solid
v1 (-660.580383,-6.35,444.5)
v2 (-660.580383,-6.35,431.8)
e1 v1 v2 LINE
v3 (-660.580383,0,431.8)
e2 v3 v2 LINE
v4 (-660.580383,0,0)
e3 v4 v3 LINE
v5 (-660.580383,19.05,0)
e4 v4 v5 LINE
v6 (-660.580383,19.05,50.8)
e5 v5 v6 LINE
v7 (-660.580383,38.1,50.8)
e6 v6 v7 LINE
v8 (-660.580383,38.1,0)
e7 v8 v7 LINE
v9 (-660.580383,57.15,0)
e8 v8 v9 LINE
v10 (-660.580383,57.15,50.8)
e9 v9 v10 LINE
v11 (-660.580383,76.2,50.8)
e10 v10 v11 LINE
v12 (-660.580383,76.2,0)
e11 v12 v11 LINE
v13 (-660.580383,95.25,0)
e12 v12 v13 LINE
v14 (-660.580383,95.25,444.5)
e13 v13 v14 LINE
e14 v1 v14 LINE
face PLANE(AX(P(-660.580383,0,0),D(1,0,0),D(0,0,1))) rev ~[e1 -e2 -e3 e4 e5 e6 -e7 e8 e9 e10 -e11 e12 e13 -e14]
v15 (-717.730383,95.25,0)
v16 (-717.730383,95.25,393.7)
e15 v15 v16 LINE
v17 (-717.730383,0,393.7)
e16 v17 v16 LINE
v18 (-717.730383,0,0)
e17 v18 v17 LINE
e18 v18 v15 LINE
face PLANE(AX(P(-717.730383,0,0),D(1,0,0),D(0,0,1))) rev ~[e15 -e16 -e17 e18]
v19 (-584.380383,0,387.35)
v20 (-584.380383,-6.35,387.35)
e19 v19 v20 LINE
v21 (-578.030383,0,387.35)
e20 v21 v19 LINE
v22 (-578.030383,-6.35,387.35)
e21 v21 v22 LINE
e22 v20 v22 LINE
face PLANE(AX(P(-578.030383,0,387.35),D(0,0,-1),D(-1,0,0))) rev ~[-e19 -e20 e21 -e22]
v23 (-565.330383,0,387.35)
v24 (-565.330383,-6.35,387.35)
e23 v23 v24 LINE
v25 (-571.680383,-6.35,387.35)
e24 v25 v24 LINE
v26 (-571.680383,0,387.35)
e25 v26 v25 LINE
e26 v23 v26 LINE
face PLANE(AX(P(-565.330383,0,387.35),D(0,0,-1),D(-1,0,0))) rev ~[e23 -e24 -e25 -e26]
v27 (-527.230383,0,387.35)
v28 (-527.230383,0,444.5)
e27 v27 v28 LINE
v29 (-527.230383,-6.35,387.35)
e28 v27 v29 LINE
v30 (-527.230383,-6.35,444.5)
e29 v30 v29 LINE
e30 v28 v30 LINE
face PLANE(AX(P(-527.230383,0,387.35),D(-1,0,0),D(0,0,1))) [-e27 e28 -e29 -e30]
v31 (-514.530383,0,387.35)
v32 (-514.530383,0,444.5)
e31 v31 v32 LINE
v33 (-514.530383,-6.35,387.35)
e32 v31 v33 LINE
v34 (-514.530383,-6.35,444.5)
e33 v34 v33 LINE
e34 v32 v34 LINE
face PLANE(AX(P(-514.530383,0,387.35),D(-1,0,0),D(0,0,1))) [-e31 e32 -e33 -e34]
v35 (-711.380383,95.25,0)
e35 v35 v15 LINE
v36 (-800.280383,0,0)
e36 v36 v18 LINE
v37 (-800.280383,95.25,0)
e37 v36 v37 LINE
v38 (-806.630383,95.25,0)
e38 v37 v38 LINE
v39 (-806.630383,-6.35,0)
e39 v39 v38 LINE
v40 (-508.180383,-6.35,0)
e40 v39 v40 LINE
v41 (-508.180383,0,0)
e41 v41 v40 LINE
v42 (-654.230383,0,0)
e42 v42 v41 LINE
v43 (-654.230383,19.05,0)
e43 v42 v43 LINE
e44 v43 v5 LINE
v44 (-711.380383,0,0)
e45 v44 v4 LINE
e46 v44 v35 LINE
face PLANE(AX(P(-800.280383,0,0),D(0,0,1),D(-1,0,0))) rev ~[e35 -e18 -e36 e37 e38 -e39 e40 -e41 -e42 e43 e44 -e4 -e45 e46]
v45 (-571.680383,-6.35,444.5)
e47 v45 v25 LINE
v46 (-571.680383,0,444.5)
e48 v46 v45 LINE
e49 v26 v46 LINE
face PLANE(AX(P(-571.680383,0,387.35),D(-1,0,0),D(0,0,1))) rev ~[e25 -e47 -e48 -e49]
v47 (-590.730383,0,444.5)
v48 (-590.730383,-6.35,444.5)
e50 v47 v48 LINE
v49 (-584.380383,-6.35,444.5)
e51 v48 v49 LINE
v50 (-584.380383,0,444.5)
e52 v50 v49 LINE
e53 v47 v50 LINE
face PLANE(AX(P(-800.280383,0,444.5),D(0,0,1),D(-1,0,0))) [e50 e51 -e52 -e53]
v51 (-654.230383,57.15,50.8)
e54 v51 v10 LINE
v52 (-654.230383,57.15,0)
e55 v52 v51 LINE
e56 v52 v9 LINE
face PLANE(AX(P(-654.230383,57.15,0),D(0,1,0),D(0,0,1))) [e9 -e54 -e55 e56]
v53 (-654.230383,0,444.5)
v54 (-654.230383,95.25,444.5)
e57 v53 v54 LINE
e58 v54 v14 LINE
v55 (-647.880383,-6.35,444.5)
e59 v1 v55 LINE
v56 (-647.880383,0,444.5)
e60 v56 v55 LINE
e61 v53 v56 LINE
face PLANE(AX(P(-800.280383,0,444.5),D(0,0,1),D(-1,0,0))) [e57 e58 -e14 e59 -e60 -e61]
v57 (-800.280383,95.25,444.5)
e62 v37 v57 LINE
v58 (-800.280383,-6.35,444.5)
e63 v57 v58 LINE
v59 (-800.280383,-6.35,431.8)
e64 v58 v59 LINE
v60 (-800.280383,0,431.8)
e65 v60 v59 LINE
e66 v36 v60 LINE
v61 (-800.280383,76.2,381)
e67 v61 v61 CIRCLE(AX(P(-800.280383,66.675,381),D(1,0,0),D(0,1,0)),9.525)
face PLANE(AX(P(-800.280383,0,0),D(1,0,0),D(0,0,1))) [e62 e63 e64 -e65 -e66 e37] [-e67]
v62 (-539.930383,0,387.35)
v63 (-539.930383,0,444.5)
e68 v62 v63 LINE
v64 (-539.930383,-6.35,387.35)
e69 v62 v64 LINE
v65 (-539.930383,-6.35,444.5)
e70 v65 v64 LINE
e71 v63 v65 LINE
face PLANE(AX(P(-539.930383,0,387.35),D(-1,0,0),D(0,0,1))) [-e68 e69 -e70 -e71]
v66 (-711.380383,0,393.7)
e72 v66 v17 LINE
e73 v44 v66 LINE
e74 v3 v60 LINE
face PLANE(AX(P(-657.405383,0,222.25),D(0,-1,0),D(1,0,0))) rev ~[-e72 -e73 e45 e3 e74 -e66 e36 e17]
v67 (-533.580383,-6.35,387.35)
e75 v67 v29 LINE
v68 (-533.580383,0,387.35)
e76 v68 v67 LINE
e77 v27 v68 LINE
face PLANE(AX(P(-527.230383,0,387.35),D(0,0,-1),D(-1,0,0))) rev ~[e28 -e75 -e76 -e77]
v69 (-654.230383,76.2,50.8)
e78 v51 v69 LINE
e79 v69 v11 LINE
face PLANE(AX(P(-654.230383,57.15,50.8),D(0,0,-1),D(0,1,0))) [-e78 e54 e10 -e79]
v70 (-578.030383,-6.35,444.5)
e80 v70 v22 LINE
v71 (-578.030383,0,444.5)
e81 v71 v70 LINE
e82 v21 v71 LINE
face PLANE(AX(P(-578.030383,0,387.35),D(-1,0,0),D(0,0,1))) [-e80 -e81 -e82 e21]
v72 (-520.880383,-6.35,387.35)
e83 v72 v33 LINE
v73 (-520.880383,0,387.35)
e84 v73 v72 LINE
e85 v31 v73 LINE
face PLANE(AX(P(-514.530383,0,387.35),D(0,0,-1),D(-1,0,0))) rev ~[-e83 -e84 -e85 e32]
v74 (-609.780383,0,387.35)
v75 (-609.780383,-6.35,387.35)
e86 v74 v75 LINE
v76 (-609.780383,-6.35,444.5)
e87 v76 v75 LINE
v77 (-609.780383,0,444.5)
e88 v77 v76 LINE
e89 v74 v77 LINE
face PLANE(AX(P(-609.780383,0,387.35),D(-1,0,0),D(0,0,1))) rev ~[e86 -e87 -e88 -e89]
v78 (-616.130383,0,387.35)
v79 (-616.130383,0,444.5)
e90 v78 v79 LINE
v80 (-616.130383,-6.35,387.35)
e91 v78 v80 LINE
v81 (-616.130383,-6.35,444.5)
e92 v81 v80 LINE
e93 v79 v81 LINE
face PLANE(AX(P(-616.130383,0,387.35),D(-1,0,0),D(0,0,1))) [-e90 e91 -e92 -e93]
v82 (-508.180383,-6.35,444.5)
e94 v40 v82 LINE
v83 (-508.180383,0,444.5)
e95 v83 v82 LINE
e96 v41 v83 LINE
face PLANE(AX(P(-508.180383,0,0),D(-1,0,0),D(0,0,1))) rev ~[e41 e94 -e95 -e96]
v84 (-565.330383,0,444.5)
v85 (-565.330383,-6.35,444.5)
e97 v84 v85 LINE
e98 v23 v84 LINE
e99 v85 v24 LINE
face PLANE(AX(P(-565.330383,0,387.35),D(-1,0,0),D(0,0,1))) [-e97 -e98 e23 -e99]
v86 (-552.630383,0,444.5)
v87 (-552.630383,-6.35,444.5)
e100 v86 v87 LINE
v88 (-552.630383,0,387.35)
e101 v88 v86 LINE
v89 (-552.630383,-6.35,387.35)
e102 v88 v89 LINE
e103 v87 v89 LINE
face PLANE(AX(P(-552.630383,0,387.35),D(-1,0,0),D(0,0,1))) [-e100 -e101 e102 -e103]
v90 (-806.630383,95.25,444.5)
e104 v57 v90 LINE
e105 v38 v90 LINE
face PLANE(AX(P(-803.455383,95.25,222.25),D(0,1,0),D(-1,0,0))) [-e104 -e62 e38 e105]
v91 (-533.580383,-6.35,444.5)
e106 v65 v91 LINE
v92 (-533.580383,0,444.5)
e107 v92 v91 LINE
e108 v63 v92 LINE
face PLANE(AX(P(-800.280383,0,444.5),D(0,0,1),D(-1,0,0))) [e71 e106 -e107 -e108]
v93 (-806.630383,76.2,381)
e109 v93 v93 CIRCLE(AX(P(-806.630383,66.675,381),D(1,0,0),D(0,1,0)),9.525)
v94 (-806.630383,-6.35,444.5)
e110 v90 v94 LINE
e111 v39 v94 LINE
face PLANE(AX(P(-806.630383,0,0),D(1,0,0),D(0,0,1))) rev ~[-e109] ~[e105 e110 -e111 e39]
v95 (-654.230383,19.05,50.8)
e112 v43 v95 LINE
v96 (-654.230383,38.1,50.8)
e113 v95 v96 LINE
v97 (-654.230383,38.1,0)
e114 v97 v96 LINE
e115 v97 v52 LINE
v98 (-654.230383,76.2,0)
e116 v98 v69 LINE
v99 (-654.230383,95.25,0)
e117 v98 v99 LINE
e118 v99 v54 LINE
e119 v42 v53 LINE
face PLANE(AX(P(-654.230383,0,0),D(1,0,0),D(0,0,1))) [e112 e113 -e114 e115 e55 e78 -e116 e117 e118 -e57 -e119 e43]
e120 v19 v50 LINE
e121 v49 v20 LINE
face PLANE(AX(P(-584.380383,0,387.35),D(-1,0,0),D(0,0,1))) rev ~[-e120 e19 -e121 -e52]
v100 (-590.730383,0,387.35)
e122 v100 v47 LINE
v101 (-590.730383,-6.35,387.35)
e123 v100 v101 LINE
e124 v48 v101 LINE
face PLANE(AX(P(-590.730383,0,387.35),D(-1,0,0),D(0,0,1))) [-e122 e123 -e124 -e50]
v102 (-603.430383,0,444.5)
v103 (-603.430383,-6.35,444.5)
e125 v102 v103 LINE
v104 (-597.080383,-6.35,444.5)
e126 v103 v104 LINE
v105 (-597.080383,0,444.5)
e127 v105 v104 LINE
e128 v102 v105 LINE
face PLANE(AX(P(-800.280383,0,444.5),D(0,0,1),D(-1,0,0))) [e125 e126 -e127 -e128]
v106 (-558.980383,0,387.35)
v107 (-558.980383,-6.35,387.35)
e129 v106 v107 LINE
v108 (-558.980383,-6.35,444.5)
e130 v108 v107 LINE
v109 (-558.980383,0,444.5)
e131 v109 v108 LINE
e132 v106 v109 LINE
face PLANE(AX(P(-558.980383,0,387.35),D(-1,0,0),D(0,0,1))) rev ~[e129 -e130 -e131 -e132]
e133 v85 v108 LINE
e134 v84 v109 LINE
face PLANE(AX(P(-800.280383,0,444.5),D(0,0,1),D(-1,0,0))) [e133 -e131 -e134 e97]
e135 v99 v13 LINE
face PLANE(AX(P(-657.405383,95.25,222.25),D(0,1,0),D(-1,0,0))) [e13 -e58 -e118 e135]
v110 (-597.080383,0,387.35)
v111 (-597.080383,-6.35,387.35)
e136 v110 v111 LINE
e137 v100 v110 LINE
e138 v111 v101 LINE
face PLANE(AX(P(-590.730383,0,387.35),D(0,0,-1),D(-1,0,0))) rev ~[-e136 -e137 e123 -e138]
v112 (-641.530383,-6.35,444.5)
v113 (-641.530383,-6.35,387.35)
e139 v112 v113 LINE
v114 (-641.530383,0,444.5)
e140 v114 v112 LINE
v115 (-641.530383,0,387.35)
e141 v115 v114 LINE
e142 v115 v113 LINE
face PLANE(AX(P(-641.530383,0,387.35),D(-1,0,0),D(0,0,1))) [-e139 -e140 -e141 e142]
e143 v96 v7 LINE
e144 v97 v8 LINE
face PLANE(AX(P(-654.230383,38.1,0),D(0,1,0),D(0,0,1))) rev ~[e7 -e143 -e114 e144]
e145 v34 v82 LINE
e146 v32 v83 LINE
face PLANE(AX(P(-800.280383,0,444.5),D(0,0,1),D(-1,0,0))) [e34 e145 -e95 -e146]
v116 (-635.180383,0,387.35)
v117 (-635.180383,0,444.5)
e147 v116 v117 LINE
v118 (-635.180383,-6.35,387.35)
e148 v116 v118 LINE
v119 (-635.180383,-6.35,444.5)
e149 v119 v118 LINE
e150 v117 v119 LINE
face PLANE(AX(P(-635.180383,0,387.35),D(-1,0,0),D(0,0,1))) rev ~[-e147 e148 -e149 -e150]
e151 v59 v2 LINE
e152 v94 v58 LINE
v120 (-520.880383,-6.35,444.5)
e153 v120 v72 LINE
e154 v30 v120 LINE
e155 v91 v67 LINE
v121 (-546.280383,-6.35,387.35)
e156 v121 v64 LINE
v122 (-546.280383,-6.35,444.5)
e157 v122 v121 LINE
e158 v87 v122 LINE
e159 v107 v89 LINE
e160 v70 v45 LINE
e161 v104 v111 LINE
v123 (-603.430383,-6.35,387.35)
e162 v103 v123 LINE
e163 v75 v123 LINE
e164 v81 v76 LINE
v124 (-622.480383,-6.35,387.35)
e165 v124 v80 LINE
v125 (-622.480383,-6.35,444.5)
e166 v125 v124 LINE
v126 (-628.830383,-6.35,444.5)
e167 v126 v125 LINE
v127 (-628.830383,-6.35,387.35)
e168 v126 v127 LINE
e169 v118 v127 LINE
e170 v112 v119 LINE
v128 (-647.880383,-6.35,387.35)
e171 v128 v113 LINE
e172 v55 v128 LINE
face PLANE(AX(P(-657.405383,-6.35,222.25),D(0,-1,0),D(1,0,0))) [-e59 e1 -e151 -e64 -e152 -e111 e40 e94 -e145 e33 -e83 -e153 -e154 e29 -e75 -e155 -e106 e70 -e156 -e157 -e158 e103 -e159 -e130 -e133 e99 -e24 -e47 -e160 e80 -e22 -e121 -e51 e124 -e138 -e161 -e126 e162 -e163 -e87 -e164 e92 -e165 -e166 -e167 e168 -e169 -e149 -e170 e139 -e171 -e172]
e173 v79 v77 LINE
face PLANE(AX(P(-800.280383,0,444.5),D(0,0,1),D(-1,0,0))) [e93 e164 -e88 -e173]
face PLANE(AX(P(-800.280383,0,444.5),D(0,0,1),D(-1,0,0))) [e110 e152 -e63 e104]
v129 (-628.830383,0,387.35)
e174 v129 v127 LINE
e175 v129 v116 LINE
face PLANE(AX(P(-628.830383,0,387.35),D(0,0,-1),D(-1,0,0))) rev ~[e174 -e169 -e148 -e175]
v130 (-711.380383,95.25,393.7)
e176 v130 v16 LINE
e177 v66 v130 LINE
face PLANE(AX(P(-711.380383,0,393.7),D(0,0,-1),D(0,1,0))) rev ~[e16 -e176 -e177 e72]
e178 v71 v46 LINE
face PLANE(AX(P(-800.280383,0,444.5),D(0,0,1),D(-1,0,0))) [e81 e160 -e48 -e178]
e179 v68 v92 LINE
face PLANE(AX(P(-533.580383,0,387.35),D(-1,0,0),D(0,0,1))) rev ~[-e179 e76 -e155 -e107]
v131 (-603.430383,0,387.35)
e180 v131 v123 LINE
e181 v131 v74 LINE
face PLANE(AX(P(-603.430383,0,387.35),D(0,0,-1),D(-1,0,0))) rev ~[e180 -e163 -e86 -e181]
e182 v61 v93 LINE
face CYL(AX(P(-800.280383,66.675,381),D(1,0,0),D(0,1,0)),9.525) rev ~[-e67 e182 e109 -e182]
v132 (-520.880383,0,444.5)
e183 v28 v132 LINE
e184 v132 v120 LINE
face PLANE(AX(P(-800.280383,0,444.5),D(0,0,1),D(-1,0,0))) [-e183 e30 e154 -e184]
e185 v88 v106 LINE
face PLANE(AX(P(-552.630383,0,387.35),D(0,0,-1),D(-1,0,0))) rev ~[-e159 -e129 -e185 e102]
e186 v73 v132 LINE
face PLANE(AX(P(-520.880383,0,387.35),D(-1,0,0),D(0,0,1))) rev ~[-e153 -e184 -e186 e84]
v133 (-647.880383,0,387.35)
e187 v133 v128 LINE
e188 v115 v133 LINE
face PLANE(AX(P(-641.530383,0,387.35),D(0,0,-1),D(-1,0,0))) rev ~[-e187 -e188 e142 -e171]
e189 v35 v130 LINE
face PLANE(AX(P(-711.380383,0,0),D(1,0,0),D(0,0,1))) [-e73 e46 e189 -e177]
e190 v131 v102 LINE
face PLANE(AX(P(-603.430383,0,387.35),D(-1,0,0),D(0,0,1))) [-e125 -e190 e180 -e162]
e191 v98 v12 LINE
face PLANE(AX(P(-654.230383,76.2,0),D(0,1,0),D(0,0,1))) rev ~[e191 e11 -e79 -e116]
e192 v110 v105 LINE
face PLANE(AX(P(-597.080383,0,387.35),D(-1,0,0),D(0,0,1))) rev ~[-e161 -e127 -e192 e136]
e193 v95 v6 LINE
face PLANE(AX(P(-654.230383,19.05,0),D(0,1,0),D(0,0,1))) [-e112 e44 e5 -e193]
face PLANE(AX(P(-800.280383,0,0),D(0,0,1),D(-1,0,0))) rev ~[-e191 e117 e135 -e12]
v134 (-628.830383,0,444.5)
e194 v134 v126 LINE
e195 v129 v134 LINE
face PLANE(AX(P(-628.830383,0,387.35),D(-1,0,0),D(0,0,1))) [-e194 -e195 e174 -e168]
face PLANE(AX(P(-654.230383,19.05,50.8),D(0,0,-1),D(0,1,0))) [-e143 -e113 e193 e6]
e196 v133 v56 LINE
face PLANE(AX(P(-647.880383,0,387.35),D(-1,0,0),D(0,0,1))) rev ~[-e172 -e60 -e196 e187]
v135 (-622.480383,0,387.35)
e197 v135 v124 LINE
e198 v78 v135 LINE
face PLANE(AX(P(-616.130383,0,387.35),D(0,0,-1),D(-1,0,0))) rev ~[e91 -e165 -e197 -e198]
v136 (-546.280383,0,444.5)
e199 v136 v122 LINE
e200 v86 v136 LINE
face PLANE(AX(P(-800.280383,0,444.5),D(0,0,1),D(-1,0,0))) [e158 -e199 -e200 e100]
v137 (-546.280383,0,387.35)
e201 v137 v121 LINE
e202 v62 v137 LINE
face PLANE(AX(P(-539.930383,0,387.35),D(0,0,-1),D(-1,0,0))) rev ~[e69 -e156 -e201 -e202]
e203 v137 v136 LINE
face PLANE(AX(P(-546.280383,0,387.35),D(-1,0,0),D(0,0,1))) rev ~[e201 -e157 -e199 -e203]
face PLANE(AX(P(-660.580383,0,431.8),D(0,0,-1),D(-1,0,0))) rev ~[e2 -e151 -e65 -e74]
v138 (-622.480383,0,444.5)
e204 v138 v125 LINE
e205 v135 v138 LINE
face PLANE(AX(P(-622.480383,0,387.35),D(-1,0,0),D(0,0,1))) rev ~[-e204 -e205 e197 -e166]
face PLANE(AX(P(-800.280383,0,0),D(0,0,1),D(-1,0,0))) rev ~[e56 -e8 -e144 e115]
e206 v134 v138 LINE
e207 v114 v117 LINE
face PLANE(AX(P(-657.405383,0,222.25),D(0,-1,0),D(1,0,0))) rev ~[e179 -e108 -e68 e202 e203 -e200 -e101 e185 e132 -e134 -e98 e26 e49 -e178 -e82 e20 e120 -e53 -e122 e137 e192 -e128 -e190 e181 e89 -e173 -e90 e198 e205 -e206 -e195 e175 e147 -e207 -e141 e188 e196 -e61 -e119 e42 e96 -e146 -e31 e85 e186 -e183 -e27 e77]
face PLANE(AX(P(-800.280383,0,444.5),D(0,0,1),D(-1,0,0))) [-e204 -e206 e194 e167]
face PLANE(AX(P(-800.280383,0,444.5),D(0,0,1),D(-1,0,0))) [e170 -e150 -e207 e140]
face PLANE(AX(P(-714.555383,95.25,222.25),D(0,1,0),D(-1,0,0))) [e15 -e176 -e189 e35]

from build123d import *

# Parameters (mm, degrees)
F0_W      = 298.45
F0_H      = 444.5
F1_DEPTH  = 6.35
F2_W      = 6.35
F2_H      = 444.5
F3_DEPTH  = 95.25
F4_W      = 6.35
F4_H      = 57.15
F5_DEPTH  = 6.351
F6_W      = 6.35
F6_H      = 444.5
F7_DEPTH  = 95.25
F8_W      = 19.05
F8_H      = 50.8
F9_W      = 95.25
F9_H      = 50.8
F10_DEPTH = 25.4
F11_W     = 139.7
F11_H     = 12.7
F12_DEPTH = 25.4
F13_R     = 9.525
F14_DEPTH = 25.4


with BuildPart() as f1:
    # F0 (on Front) → F1 (new body)
    with BuildSketch(Plane.XZ):
        with Locations((-657.405383, 222.25)):
            Rectangle(F0_W, F0_H)
    extrude(amount=F1_DEPTH)

    # F2 (on face) → F3 (join)
    with BuildSketch(Plane(origin=(0, 0, 0), x_dir=(-1, 0, 0), z_dir=(0, 1, 0))):
        with Locations((803.455383, 222.25)):
            Rectangle(F2_W, F2_H)
    extrude(amount=F3_DEPTH)

    # F4 (on face) → F5 (cut, through all)
    with BuildSketch(Plane(origin=(0, 0, 0), x_dir=(-1, 0, 0), z_dir=(0, 1, 0))):
        with Locations((517.705383, 415.925)):
            Rectangle(F4_W, F4_H)
        with Locations((530.405383, 415.925)):
            Rectangle(F4_W, F4_H)
        with Locations((543.105383, 415.925)):
            Rectangle(F4_W, F4_H)
        with Locations((555.805383, 415.925)):
            Rectangle(F4_W, F4_H)
        with Locations((568.505383, 415.925)):
            Rectangle(F4_W, F4_H)
        with Locations((581.205383, 415.925)):
            Rectangle(F4_W, F4_H)
        with Locations((593.905383, 415.925)):
            Rectangle(F4_W, F4_H)
        with Locations((606.605383, 415.925)):
            Rectangle(F4_W, F4_H)
        with Locations((619.305383, 415.925)):
            Rectangle(F4_W, F4_H)
        with Locations((632.005383, 415.925)):
            Rectangle(F4_W, F4_H)
        with Locations((644.705383, 415.925)):
            Rectangle(F4_W, F4_H)
    extrude(amount=-F5_DEPTH, mode=Mode.SUBTRACT)

    # F6 (on face) → F7 (join)
    with BuildSketch(Plane(origin=(0, 0, 0), x_dir=(-1, 0, 0), z_dir=(0, 1, 0))):
        with Locations((657.405383, 222.25)):
            Rectangle(F6_W, F6_H)
        with Locations((714.555383, 222.25)):
            Rectangle(F6_W, F6_H)
    extrude(amount=F7_DEPTH)

    # F8 (on face) + F9 (on face) → F10 (cut)
    with BuildSketch(Plane.YZ.offset(-654.230383)):
        with Locations((28.575, 25.4)):
            Rectangle(F8_W, F8_H)
        with Locations((66.675, 25.4)):
            Rectangle(F8_W, F8_H)
    with BuildSketch(Plane.YZ.offset(-711.380383)):
        with Locations((47.625, 419.1)):
            Rectangle(F9_W, F9_H)
    extrude(amount=-F10_DEPTH, mode=Mode.SUBTRACT)

    # F11 (on face) → F12 (cut)
    with BuildSketch(Plane(origin=(0, 0, 0), x_dir=(-1, 0, 0), z_dir=(0, 1, 0))):
        with Locations((730.430383, 438.15)):
            Rectangle(F11_W, F11_H)
    extrude(amount=-F12_DEPTH, mode=Mode.SUBTRACT)

    # F13 (on face) → F14 (cut)
    with BuildSketch(Plane.YZ.offset(-800.280383)):
        with Locations((66.675, 381)):
            Circle(F13_R)
    extrude(amount=-F14_DEPTH, mode=Mode.SUBTRACT)


solid = f1.part
